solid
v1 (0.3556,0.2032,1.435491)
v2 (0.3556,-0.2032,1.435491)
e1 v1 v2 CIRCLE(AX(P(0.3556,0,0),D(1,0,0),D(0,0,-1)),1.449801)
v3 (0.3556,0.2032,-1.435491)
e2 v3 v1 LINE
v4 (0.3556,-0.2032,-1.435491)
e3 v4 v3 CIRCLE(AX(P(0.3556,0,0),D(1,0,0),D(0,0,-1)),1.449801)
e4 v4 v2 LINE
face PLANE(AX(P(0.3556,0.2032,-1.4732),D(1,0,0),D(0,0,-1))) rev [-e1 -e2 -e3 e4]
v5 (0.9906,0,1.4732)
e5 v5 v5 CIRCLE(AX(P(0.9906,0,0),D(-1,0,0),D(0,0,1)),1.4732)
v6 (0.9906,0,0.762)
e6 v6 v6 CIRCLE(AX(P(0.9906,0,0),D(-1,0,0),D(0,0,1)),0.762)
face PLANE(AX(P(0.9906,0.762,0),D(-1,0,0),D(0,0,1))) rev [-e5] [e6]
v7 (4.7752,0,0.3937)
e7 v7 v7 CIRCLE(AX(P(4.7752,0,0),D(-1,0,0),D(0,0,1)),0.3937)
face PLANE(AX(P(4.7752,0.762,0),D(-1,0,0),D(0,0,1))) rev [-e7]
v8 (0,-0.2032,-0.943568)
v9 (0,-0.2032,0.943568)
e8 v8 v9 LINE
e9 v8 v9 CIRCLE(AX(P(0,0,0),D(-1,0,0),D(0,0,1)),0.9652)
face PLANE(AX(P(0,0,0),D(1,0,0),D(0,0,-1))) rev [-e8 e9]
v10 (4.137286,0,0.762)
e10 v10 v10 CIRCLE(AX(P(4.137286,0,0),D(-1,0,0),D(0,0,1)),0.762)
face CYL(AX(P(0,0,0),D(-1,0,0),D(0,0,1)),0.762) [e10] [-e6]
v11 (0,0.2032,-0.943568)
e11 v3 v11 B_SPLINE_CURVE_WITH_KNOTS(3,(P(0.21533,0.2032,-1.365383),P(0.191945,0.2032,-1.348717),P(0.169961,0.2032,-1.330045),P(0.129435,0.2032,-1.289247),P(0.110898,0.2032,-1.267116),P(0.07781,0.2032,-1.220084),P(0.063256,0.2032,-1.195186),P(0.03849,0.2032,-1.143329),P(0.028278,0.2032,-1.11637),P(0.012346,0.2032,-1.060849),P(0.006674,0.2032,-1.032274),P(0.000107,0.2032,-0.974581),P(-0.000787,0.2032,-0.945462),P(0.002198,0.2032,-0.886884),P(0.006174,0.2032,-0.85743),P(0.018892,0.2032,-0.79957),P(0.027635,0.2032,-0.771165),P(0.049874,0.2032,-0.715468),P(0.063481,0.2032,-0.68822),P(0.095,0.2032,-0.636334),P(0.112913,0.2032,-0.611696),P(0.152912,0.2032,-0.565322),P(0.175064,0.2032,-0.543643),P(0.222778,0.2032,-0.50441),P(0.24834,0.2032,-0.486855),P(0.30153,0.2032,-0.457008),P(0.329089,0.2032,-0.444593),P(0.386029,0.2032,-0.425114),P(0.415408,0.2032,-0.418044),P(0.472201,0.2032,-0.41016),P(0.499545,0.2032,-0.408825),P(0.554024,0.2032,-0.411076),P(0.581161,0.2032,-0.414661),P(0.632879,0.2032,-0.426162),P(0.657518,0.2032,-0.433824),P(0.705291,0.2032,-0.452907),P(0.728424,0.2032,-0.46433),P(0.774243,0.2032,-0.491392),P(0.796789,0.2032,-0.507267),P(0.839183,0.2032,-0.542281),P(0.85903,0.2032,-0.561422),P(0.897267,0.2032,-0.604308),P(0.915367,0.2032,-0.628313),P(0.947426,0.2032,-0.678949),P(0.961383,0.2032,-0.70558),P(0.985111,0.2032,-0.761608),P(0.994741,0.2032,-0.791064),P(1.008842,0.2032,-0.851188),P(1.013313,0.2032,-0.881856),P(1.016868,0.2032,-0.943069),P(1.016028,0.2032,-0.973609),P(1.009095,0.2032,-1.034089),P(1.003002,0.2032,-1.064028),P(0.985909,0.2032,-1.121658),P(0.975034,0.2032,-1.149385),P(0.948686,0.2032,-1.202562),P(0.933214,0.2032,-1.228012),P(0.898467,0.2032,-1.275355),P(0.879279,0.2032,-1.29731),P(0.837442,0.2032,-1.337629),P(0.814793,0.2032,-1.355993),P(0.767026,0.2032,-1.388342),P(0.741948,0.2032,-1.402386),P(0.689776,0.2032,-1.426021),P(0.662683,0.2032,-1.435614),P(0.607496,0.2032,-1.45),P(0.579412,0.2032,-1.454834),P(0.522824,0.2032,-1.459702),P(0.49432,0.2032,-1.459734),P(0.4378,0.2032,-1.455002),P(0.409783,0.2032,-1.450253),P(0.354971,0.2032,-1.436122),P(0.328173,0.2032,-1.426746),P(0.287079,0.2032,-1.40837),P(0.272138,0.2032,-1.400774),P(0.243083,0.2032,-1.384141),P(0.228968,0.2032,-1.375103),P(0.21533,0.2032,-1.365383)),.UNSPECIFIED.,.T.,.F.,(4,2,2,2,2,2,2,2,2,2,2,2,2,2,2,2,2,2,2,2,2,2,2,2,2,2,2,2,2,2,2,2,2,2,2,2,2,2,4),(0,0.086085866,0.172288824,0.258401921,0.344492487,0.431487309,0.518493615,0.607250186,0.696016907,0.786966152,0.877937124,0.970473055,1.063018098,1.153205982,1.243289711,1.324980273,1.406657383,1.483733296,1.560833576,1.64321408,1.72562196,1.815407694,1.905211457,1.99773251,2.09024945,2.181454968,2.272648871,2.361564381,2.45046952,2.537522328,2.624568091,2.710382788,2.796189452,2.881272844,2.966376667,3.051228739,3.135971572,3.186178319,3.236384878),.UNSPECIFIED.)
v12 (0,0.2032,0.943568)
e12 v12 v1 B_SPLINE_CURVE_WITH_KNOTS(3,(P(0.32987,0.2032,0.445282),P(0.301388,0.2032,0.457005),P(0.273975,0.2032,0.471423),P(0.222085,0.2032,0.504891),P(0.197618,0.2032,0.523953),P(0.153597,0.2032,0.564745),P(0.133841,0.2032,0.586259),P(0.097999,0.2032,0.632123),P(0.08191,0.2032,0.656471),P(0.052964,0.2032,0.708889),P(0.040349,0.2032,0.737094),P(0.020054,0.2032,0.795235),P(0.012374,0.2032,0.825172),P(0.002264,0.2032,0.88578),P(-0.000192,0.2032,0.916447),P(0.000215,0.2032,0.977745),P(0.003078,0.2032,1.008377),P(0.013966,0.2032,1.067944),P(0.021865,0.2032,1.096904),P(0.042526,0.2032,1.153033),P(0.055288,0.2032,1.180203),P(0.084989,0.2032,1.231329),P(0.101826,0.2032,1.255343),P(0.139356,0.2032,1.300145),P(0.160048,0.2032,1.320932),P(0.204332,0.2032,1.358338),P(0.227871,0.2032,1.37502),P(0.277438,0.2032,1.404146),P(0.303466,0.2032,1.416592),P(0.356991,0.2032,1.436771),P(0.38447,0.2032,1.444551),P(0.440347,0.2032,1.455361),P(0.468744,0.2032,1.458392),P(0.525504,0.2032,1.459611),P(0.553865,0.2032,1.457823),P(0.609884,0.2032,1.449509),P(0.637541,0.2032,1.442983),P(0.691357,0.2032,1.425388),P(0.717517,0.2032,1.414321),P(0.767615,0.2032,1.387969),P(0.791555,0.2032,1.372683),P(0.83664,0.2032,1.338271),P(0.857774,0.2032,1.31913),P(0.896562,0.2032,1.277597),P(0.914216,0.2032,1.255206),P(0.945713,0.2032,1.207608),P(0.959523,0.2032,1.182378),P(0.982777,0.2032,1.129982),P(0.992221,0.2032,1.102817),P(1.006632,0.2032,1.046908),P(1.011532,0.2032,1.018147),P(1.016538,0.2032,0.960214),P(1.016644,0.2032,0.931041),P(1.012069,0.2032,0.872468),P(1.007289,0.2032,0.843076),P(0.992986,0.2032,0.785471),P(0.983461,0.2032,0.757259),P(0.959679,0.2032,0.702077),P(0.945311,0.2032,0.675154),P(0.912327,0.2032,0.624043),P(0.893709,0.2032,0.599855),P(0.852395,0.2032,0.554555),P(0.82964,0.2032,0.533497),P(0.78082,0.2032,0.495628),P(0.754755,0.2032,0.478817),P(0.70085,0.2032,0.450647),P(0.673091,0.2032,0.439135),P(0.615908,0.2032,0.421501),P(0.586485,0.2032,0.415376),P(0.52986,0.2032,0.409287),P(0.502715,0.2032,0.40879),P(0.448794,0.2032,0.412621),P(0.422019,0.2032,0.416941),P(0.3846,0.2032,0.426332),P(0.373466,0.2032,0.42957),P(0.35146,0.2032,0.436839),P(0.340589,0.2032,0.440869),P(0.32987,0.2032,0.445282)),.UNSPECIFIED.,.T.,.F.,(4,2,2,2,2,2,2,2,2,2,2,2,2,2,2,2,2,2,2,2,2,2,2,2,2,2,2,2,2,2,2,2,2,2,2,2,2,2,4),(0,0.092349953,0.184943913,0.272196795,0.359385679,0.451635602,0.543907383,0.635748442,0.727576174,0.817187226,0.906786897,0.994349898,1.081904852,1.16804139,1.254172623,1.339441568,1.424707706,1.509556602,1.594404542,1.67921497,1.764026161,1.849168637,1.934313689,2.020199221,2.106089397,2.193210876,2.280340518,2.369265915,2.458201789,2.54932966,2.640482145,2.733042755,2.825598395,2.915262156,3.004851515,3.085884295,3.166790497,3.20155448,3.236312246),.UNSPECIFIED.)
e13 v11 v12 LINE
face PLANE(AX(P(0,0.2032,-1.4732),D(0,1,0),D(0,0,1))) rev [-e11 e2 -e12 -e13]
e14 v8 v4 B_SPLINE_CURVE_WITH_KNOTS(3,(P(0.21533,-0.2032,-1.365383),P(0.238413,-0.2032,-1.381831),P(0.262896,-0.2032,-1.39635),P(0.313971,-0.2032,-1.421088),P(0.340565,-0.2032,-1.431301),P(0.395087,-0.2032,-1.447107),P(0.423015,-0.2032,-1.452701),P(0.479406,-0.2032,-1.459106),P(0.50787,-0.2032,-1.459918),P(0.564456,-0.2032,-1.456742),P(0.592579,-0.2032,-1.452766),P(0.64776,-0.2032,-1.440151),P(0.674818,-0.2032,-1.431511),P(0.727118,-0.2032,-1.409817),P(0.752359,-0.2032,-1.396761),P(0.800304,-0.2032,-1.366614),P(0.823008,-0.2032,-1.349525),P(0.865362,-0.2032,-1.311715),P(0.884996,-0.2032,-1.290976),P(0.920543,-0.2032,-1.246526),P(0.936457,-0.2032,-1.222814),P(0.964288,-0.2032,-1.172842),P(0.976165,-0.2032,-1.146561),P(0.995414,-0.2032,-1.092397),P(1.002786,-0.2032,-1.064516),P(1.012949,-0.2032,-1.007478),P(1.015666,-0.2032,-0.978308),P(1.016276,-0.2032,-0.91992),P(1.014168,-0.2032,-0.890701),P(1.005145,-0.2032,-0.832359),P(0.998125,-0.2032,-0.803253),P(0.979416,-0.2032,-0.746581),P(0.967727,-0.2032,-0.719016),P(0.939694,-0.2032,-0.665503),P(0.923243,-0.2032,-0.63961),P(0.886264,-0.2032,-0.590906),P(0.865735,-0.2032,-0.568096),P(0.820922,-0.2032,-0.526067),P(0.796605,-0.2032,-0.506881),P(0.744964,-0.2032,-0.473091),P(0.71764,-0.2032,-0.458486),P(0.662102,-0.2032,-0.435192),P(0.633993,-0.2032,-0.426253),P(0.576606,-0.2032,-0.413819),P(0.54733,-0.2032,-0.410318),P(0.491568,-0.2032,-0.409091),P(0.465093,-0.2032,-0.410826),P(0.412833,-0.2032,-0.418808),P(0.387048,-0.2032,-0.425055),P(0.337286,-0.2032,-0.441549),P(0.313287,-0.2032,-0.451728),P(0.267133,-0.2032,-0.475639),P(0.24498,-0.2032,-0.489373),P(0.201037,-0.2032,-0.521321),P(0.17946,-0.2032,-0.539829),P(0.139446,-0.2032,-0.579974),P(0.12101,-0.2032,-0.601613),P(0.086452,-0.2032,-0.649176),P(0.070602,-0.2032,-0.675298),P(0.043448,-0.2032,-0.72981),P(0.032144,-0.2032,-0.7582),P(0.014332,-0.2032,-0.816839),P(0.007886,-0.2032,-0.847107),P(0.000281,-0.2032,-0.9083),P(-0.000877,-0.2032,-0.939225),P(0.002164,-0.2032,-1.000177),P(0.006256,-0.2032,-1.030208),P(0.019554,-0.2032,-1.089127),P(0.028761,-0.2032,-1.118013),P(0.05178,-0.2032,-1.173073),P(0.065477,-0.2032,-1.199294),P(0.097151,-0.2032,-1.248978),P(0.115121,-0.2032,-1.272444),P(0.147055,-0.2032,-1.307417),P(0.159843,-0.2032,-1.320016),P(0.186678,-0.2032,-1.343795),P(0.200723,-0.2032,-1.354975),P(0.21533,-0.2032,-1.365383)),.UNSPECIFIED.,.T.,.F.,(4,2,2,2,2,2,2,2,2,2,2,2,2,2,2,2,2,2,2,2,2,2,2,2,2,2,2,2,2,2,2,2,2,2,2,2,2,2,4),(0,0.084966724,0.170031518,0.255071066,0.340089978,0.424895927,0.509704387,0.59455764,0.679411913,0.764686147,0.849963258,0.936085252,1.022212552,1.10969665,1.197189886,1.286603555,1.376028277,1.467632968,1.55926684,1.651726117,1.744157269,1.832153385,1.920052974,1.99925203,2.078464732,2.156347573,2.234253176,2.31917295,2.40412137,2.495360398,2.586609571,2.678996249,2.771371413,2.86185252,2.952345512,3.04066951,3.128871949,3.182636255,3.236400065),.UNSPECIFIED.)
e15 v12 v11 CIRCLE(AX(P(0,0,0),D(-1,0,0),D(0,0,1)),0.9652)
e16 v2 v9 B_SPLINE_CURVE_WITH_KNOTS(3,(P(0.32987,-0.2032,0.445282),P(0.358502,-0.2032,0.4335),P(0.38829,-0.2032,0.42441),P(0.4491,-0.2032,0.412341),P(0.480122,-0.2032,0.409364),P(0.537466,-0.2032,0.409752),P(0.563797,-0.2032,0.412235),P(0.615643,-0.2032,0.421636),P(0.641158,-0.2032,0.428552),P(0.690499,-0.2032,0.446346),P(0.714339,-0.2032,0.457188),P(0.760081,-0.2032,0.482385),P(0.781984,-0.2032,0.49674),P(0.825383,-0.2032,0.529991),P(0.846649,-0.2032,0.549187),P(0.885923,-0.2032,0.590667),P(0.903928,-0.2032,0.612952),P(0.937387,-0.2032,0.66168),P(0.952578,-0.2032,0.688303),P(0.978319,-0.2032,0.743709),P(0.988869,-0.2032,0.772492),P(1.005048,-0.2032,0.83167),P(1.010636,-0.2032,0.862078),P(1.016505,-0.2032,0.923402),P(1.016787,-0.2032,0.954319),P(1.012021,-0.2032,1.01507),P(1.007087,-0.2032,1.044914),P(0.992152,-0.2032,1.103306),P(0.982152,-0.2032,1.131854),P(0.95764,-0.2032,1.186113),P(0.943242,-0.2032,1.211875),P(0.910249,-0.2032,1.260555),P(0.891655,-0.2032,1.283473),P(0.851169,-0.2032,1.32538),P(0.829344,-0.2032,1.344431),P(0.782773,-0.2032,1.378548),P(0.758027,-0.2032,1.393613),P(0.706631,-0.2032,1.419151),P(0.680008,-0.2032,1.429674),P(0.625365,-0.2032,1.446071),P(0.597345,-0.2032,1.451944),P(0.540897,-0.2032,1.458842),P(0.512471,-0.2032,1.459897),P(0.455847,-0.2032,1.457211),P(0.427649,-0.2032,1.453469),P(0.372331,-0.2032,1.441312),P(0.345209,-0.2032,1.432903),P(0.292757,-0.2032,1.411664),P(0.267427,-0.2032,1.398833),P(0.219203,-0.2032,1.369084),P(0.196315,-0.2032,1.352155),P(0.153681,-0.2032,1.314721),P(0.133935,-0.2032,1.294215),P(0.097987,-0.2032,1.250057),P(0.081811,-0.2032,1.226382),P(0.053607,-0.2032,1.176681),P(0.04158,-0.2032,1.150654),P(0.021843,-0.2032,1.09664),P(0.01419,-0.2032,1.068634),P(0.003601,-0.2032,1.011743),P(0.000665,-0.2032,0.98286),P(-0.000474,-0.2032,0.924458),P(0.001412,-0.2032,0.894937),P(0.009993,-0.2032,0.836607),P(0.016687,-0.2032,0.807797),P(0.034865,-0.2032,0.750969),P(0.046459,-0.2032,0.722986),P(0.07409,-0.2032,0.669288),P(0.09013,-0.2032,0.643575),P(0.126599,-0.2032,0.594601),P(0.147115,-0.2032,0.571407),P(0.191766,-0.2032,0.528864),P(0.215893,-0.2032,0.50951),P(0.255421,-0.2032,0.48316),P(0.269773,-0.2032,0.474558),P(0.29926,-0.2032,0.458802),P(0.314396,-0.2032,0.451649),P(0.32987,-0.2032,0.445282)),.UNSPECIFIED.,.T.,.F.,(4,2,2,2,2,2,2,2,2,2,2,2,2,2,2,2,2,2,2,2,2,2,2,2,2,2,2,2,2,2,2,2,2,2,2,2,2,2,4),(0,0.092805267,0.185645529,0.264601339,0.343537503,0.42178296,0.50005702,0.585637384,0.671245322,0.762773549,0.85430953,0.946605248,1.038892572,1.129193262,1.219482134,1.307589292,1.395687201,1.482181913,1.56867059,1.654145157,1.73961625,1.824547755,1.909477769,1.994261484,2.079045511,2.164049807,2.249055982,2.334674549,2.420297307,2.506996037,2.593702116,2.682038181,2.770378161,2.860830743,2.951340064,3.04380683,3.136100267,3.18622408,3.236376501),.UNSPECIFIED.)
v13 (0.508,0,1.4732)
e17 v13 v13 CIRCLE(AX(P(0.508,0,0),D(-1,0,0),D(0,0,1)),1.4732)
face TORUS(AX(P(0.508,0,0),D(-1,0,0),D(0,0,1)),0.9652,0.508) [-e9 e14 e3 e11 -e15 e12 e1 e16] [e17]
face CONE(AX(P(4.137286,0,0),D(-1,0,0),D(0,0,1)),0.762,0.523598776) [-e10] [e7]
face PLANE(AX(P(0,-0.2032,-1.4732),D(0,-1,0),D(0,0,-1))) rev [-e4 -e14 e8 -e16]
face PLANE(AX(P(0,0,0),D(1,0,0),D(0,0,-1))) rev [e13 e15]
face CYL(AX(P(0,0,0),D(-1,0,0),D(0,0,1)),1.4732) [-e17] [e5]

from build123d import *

# Parameters (mm, degrees)
SLOT_CUT_EXTRUDE1_DEPTH      = 6.20991095
SLOT_CUT_EXTRUDE1_DEPTH_BACK = 6.20991095
SKETCH2_W                    = 0.3556
SKETCH2_H                    = 0.4064


with BuildPart() as part:
    # Sketch1 → base-Revolve (revolve)
    with BuildSketch(Plane.XY, mode=Mode.PRIVATE) as base_revolve_sk:
        with BuildLine():
            Line((0, 0), (0, 0.9652))
            ThreePointArc((0, 0.9652), (0.148789755, 1.324410245), (0.508, 1.4732))
            Line((0.508, 1.4732), (0.9906, 1.4732))
            Line((0.9906, 1.4732), (0.9906, 0.762))
            Line((0.9906, 0.762), (4.7752, 0.762))
            Line((4.7752, 0.762), (4.7752, 0))
            Line((4.7752, 0), (0, 0))
        make_face()
    revolve(base_revolve_sk.sketch.rotate(Axis((0, 0, 0), (1, 0, 0)), 90), axis=Axis((0, 0, 0), (1, 0, 0)))

    # Sketch2 → slot_Cut-Extrude1 (cut, two sides: drawn at the far end of the back side and taken through both)
    with BuildSketch(Plane.XY.offset(-SLOT_CUT_EXTRUDE1_DEPTH_BACK)):
        with Locations((0.1778, 0)):
            Rectangle(SKETCH2_W, SKETCH2_H)
    extrude(amount=SLOT_CUT_EXTRUDE1_DEPTH + SLOT_CUT_EXTRUDE1_DEPTH_BACK, mode=Mode.SUBTRACT)

    # Sketch8 → point_Cut-Revolve1 (revolve, cut)
    with BuildSketch(Plane.XY, mode=Mode.PRIVATE) as point_cut_revolve1_sk:
        Polygon((4.7752, 0), (5.2832, 0), (5.2832, 1.27), (4.137285688, 1.27), (4.137285688, 0.762), (4.7752, 0.3937), align=None)
    revolve(point_cut_revolve1_sk.sketch.rotate(Axis((0, 0, 0), (1, 0, 0)), 90), axis=Axis((0, 0, 0), (1, 0, 0)), mode=Mode.SUBTRACT)


solid = part.part
